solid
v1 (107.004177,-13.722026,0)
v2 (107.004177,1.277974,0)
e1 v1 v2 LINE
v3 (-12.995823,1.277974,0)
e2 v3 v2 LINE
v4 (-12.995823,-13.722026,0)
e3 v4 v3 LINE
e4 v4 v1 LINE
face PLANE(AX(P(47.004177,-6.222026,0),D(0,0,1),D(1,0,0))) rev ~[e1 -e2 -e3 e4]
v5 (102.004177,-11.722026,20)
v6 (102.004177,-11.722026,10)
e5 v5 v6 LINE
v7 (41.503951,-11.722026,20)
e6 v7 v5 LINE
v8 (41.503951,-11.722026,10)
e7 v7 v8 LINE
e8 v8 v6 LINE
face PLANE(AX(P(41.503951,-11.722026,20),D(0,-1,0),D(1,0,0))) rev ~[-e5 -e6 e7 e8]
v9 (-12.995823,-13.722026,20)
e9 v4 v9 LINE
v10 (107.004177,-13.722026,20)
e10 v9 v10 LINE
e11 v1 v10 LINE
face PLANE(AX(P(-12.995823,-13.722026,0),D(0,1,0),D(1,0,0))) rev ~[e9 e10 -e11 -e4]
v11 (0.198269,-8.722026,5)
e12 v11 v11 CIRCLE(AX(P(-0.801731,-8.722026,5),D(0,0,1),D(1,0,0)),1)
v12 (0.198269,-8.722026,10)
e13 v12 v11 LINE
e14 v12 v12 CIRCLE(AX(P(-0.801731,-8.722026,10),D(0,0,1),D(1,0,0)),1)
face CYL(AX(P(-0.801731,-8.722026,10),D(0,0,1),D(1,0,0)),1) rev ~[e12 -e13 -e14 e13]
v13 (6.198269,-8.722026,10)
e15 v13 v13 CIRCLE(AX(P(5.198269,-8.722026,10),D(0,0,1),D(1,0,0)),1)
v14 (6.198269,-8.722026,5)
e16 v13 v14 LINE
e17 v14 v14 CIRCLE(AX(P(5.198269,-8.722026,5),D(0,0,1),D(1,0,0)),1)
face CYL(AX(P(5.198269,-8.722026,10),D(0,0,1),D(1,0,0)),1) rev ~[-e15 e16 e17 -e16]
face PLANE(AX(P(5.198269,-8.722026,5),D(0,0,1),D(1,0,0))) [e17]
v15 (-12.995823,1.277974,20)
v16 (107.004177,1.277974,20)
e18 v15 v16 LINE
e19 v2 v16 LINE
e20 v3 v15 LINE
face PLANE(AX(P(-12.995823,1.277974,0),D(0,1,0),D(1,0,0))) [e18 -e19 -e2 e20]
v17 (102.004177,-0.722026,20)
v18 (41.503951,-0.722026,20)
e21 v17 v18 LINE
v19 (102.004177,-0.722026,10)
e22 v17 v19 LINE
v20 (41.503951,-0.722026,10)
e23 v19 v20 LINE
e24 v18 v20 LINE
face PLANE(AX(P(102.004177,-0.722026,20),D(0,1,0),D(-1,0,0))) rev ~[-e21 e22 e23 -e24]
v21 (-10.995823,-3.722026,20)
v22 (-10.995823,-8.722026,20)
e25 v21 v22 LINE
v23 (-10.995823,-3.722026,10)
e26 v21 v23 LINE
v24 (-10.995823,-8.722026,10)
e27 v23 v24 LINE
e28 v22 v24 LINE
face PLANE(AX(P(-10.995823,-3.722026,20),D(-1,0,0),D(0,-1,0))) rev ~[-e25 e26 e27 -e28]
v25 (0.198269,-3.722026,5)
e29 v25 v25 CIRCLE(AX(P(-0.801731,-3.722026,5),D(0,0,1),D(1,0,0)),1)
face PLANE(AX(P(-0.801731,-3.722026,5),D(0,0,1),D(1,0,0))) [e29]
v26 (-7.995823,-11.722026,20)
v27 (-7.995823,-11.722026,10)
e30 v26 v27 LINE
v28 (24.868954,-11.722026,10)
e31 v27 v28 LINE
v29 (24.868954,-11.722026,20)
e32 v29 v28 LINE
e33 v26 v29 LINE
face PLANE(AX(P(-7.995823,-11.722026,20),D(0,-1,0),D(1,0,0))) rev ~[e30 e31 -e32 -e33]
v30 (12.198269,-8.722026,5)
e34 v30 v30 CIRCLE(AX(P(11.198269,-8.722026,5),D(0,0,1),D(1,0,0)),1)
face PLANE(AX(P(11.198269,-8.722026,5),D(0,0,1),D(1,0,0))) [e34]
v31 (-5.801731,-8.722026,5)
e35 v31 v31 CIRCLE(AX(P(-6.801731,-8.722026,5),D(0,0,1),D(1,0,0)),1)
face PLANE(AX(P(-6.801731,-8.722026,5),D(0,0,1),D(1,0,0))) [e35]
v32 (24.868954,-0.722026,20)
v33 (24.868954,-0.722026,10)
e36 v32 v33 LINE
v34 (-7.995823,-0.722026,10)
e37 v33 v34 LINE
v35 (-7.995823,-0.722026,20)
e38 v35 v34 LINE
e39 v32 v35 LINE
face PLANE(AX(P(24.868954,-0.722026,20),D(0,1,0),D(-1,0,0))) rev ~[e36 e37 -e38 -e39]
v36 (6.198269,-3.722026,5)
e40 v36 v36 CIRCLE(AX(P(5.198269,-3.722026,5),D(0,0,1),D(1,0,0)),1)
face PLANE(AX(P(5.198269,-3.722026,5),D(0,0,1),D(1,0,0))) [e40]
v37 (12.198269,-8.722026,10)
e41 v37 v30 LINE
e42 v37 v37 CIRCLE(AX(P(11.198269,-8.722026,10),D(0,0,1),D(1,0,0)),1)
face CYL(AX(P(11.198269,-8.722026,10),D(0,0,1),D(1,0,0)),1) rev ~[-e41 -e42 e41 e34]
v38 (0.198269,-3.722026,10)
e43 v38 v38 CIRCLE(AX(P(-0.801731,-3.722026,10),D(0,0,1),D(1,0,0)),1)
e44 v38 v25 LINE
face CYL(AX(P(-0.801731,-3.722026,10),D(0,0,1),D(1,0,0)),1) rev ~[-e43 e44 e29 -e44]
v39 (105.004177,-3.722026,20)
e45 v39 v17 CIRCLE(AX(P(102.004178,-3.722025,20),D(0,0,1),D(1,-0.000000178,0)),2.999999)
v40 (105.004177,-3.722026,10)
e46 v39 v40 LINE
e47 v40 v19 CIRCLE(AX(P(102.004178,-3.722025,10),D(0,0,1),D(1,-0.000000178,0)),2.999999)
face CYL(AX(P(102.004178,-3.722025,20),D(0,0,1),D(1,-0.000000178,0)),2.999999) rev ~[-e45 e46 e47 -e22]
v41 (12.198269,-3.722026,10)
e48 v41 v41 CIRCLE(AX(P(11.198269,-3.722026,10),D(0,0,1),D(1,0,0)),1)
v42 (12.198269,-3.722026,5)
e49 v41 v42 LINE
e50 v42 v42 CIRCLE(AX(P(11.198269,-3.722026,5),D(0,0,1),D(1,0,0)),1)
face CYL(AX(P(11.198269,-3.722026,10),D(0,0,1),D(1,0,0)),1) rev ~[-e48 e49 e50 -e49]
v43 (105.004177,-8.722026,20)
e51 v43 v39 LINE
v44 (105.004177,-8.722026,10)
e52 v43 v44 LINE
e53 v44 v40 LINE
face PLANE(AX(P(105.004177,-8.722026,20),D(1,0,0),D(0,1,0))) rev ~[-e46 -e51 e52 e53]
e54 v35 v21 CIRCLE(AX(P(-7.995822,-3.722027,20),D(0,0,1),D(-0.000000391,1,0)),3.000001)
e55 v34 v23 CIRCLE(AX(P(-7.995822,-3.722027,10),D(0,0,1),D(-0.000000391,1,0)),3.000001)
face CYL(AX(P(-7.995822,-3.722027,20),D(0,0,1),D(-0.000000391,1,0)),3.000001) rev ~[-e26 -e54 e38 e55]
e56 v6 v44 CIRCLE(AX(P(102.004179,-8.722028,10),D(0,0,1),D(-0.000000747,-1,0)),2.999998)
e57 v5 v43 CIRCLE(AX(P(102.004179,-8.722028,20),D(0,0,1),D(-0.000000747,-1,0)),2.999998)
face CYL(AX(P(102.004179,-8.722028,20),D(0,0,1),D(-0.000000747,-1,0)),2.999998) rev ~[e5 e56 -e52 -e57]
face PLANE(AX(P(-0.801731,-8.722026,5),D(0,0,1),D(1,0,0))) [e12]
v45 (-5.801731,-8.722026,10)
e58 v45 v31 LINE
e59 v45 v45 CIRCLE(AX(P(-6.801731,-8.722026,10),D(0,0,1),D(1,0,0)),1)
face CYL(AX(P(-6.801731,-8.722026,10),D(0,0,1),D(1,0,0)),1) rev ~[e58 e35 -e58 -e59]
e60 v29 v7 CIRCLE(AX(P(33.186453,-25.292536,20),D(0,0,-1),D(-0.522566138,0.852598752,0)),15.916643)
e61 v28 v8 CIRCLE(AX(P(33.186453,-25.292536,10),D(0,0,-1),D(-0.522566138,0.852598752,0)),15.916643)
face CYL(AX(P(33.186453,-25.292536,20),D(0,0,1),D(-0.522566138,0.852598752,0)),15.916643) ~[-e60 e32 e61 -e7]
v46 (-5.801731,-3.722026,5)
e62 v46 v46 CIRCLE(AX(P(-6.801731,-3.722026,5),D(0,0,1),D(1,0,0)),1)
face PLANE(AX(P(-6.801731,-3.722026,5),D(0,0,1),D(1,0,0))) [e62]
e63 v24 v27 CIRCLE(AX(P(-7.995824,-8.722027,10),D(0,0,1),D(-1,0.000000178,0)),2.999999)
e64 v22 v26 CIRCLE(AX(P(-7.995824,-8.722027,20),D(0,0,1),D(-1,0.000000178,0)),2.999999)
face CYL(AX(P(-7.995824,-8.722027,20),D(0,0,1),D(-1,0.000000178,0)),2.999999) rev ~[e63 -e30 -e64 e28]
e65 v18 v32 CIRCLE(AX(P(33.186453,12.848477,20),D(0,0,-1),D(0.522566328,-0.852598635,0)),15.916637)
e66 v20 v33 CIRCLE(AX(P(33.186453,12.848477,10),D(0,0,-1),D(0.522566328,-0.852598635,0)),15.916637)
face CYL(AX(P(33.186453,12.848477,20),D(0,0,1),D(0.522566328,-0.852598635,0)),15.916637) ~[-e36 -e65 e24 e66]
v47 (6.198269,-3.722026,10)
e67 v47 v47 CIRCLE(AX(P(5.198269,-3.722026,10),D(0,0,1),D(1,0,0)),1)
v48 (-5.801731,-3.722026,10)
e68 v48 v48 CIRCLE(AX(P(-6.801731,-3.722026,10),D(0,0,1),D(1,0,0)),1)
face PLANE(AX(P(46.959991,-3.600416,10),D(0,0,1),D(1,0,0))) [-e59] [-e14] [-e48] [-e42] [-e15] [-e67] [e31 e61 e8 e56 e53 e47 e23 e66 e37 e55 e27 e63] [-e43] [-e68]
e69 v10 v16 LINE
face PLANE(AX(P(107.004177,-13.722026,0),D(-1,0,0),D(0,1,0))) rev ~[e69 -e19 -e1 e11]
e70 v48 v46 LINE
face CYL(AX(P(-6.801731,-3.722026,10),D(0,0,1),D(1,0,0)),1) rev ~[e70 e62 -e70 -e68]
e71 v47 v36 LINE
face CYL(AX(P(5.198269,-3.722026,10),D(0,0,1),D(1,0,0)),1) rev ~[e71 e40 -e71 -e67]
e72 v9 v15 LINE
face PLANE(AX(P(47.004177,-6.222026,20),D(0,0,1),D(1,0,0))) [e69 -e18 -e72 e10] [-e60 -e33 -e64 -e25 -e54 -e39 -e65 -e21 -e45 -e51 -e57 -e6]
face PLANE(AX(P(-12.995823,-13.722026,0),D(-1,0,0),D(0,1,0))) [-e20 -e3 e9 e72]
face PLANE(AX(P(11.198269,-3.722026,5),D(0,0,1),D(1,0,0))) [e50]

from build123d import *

# Parameters (mm, degrees)
F0_W     = 120
F0_H     = 15
F1_DEPTH = 20
F3_DEPTH = 10
F4_R     = 1
F5_DEPTH = 5


with BuildPart() as f1:
    # F0 (on Top) → F1 (new body)
    with BuildSketch(Plane.XY):
        with Locations((47.004177, -6.222026)):
            Rectangle(F0_W, F0_H)
    extrude(amount=F1_DEPTH)

    # F2 (on face) → F3 (cut)
    with BuildSketch(Plane.XY.offset(20)):
        with BuildLine():
            Line((24.868954, -0.722026), (-7.995823, -0.722026))
            ThreePointArc((-7.995823, -0.722026), (-10.117143, -1.600706), (-10.995823, -3.722026))
            Line((-10.995823, -3.722026), (-10.995823, -6.222026))
            Line((-10.995823, -6.222026), (105.004177, -6.222026))
            Line((105.004177, -6.222026), (105.004177, -3.722026))
            ThreePointArc((105.004177, -3.722026), (104.125498, -1.600706), (102.004177, -0.722026))
            Line((102.004177, -0.722026), (41.503951, -0.722026))
            ThreePointArc((41.503951, -0.722026), (33.186452, -3.06816), (24.868954, -0.722026))
        make_face()
        with BuildLine():
            Line((105.004177, -6.222026), (-10.995823, -6.222026))
            Line((-10.995823, -6.222026), (-10.995823, -8.722026))
            ThreePointArc((-10.995823, -8.722026), (-10.117143, -10.843347), (-7.995823, -11.722026))
            Line((-7.995823, -11.722026), (24.868954, -11.722026))
            ThreePointArc((24.868954, -11.722026), (33.186452, -9.375893), (41.503951, -11.722026))
            Line((41.503951, -11.722026), (102.004177, -11.722026))
            ThreePointArc((102.004177, -11.722026), (104.125498, -10.843347), (105.004177, -8.722026))
            Line((105.004177, -8.722026), (105.004177, -6.222026))
        make_face()
    extrude(amount=-F3_DEPTH, mode=Mode.SUBTRACT)

    # F4 (on face) → F5 (cut)
    with BuildSketch(Plane.XY.offset(10)):
        with Locations((-6.801731, -3.722026)):
            Circle(F4_R)
        with Locations((-0.801731, -3.722026)):
            Circle(F4_R)
        with Locations((5.198269, -3.722026)):
            Circle(F4_R)
        with Locations((11.198269, -3.722026)):
            Circle(F4_R)
        with Locations((11.198269, -8.722026)):
            Circle(F4_R)
        with Locations((5.198269, -8.722026)):
            Circle(F4_R)
        with Locations((-0.801731, -8.722026)):
            Circle(F4_R)
        with Locations((-6.801731, -8.722026)):
            Circle(F4_R)
    extrude(amount=-F5_DEPTH, mode=Mode.SUBTRACT)


solid = f1.part
